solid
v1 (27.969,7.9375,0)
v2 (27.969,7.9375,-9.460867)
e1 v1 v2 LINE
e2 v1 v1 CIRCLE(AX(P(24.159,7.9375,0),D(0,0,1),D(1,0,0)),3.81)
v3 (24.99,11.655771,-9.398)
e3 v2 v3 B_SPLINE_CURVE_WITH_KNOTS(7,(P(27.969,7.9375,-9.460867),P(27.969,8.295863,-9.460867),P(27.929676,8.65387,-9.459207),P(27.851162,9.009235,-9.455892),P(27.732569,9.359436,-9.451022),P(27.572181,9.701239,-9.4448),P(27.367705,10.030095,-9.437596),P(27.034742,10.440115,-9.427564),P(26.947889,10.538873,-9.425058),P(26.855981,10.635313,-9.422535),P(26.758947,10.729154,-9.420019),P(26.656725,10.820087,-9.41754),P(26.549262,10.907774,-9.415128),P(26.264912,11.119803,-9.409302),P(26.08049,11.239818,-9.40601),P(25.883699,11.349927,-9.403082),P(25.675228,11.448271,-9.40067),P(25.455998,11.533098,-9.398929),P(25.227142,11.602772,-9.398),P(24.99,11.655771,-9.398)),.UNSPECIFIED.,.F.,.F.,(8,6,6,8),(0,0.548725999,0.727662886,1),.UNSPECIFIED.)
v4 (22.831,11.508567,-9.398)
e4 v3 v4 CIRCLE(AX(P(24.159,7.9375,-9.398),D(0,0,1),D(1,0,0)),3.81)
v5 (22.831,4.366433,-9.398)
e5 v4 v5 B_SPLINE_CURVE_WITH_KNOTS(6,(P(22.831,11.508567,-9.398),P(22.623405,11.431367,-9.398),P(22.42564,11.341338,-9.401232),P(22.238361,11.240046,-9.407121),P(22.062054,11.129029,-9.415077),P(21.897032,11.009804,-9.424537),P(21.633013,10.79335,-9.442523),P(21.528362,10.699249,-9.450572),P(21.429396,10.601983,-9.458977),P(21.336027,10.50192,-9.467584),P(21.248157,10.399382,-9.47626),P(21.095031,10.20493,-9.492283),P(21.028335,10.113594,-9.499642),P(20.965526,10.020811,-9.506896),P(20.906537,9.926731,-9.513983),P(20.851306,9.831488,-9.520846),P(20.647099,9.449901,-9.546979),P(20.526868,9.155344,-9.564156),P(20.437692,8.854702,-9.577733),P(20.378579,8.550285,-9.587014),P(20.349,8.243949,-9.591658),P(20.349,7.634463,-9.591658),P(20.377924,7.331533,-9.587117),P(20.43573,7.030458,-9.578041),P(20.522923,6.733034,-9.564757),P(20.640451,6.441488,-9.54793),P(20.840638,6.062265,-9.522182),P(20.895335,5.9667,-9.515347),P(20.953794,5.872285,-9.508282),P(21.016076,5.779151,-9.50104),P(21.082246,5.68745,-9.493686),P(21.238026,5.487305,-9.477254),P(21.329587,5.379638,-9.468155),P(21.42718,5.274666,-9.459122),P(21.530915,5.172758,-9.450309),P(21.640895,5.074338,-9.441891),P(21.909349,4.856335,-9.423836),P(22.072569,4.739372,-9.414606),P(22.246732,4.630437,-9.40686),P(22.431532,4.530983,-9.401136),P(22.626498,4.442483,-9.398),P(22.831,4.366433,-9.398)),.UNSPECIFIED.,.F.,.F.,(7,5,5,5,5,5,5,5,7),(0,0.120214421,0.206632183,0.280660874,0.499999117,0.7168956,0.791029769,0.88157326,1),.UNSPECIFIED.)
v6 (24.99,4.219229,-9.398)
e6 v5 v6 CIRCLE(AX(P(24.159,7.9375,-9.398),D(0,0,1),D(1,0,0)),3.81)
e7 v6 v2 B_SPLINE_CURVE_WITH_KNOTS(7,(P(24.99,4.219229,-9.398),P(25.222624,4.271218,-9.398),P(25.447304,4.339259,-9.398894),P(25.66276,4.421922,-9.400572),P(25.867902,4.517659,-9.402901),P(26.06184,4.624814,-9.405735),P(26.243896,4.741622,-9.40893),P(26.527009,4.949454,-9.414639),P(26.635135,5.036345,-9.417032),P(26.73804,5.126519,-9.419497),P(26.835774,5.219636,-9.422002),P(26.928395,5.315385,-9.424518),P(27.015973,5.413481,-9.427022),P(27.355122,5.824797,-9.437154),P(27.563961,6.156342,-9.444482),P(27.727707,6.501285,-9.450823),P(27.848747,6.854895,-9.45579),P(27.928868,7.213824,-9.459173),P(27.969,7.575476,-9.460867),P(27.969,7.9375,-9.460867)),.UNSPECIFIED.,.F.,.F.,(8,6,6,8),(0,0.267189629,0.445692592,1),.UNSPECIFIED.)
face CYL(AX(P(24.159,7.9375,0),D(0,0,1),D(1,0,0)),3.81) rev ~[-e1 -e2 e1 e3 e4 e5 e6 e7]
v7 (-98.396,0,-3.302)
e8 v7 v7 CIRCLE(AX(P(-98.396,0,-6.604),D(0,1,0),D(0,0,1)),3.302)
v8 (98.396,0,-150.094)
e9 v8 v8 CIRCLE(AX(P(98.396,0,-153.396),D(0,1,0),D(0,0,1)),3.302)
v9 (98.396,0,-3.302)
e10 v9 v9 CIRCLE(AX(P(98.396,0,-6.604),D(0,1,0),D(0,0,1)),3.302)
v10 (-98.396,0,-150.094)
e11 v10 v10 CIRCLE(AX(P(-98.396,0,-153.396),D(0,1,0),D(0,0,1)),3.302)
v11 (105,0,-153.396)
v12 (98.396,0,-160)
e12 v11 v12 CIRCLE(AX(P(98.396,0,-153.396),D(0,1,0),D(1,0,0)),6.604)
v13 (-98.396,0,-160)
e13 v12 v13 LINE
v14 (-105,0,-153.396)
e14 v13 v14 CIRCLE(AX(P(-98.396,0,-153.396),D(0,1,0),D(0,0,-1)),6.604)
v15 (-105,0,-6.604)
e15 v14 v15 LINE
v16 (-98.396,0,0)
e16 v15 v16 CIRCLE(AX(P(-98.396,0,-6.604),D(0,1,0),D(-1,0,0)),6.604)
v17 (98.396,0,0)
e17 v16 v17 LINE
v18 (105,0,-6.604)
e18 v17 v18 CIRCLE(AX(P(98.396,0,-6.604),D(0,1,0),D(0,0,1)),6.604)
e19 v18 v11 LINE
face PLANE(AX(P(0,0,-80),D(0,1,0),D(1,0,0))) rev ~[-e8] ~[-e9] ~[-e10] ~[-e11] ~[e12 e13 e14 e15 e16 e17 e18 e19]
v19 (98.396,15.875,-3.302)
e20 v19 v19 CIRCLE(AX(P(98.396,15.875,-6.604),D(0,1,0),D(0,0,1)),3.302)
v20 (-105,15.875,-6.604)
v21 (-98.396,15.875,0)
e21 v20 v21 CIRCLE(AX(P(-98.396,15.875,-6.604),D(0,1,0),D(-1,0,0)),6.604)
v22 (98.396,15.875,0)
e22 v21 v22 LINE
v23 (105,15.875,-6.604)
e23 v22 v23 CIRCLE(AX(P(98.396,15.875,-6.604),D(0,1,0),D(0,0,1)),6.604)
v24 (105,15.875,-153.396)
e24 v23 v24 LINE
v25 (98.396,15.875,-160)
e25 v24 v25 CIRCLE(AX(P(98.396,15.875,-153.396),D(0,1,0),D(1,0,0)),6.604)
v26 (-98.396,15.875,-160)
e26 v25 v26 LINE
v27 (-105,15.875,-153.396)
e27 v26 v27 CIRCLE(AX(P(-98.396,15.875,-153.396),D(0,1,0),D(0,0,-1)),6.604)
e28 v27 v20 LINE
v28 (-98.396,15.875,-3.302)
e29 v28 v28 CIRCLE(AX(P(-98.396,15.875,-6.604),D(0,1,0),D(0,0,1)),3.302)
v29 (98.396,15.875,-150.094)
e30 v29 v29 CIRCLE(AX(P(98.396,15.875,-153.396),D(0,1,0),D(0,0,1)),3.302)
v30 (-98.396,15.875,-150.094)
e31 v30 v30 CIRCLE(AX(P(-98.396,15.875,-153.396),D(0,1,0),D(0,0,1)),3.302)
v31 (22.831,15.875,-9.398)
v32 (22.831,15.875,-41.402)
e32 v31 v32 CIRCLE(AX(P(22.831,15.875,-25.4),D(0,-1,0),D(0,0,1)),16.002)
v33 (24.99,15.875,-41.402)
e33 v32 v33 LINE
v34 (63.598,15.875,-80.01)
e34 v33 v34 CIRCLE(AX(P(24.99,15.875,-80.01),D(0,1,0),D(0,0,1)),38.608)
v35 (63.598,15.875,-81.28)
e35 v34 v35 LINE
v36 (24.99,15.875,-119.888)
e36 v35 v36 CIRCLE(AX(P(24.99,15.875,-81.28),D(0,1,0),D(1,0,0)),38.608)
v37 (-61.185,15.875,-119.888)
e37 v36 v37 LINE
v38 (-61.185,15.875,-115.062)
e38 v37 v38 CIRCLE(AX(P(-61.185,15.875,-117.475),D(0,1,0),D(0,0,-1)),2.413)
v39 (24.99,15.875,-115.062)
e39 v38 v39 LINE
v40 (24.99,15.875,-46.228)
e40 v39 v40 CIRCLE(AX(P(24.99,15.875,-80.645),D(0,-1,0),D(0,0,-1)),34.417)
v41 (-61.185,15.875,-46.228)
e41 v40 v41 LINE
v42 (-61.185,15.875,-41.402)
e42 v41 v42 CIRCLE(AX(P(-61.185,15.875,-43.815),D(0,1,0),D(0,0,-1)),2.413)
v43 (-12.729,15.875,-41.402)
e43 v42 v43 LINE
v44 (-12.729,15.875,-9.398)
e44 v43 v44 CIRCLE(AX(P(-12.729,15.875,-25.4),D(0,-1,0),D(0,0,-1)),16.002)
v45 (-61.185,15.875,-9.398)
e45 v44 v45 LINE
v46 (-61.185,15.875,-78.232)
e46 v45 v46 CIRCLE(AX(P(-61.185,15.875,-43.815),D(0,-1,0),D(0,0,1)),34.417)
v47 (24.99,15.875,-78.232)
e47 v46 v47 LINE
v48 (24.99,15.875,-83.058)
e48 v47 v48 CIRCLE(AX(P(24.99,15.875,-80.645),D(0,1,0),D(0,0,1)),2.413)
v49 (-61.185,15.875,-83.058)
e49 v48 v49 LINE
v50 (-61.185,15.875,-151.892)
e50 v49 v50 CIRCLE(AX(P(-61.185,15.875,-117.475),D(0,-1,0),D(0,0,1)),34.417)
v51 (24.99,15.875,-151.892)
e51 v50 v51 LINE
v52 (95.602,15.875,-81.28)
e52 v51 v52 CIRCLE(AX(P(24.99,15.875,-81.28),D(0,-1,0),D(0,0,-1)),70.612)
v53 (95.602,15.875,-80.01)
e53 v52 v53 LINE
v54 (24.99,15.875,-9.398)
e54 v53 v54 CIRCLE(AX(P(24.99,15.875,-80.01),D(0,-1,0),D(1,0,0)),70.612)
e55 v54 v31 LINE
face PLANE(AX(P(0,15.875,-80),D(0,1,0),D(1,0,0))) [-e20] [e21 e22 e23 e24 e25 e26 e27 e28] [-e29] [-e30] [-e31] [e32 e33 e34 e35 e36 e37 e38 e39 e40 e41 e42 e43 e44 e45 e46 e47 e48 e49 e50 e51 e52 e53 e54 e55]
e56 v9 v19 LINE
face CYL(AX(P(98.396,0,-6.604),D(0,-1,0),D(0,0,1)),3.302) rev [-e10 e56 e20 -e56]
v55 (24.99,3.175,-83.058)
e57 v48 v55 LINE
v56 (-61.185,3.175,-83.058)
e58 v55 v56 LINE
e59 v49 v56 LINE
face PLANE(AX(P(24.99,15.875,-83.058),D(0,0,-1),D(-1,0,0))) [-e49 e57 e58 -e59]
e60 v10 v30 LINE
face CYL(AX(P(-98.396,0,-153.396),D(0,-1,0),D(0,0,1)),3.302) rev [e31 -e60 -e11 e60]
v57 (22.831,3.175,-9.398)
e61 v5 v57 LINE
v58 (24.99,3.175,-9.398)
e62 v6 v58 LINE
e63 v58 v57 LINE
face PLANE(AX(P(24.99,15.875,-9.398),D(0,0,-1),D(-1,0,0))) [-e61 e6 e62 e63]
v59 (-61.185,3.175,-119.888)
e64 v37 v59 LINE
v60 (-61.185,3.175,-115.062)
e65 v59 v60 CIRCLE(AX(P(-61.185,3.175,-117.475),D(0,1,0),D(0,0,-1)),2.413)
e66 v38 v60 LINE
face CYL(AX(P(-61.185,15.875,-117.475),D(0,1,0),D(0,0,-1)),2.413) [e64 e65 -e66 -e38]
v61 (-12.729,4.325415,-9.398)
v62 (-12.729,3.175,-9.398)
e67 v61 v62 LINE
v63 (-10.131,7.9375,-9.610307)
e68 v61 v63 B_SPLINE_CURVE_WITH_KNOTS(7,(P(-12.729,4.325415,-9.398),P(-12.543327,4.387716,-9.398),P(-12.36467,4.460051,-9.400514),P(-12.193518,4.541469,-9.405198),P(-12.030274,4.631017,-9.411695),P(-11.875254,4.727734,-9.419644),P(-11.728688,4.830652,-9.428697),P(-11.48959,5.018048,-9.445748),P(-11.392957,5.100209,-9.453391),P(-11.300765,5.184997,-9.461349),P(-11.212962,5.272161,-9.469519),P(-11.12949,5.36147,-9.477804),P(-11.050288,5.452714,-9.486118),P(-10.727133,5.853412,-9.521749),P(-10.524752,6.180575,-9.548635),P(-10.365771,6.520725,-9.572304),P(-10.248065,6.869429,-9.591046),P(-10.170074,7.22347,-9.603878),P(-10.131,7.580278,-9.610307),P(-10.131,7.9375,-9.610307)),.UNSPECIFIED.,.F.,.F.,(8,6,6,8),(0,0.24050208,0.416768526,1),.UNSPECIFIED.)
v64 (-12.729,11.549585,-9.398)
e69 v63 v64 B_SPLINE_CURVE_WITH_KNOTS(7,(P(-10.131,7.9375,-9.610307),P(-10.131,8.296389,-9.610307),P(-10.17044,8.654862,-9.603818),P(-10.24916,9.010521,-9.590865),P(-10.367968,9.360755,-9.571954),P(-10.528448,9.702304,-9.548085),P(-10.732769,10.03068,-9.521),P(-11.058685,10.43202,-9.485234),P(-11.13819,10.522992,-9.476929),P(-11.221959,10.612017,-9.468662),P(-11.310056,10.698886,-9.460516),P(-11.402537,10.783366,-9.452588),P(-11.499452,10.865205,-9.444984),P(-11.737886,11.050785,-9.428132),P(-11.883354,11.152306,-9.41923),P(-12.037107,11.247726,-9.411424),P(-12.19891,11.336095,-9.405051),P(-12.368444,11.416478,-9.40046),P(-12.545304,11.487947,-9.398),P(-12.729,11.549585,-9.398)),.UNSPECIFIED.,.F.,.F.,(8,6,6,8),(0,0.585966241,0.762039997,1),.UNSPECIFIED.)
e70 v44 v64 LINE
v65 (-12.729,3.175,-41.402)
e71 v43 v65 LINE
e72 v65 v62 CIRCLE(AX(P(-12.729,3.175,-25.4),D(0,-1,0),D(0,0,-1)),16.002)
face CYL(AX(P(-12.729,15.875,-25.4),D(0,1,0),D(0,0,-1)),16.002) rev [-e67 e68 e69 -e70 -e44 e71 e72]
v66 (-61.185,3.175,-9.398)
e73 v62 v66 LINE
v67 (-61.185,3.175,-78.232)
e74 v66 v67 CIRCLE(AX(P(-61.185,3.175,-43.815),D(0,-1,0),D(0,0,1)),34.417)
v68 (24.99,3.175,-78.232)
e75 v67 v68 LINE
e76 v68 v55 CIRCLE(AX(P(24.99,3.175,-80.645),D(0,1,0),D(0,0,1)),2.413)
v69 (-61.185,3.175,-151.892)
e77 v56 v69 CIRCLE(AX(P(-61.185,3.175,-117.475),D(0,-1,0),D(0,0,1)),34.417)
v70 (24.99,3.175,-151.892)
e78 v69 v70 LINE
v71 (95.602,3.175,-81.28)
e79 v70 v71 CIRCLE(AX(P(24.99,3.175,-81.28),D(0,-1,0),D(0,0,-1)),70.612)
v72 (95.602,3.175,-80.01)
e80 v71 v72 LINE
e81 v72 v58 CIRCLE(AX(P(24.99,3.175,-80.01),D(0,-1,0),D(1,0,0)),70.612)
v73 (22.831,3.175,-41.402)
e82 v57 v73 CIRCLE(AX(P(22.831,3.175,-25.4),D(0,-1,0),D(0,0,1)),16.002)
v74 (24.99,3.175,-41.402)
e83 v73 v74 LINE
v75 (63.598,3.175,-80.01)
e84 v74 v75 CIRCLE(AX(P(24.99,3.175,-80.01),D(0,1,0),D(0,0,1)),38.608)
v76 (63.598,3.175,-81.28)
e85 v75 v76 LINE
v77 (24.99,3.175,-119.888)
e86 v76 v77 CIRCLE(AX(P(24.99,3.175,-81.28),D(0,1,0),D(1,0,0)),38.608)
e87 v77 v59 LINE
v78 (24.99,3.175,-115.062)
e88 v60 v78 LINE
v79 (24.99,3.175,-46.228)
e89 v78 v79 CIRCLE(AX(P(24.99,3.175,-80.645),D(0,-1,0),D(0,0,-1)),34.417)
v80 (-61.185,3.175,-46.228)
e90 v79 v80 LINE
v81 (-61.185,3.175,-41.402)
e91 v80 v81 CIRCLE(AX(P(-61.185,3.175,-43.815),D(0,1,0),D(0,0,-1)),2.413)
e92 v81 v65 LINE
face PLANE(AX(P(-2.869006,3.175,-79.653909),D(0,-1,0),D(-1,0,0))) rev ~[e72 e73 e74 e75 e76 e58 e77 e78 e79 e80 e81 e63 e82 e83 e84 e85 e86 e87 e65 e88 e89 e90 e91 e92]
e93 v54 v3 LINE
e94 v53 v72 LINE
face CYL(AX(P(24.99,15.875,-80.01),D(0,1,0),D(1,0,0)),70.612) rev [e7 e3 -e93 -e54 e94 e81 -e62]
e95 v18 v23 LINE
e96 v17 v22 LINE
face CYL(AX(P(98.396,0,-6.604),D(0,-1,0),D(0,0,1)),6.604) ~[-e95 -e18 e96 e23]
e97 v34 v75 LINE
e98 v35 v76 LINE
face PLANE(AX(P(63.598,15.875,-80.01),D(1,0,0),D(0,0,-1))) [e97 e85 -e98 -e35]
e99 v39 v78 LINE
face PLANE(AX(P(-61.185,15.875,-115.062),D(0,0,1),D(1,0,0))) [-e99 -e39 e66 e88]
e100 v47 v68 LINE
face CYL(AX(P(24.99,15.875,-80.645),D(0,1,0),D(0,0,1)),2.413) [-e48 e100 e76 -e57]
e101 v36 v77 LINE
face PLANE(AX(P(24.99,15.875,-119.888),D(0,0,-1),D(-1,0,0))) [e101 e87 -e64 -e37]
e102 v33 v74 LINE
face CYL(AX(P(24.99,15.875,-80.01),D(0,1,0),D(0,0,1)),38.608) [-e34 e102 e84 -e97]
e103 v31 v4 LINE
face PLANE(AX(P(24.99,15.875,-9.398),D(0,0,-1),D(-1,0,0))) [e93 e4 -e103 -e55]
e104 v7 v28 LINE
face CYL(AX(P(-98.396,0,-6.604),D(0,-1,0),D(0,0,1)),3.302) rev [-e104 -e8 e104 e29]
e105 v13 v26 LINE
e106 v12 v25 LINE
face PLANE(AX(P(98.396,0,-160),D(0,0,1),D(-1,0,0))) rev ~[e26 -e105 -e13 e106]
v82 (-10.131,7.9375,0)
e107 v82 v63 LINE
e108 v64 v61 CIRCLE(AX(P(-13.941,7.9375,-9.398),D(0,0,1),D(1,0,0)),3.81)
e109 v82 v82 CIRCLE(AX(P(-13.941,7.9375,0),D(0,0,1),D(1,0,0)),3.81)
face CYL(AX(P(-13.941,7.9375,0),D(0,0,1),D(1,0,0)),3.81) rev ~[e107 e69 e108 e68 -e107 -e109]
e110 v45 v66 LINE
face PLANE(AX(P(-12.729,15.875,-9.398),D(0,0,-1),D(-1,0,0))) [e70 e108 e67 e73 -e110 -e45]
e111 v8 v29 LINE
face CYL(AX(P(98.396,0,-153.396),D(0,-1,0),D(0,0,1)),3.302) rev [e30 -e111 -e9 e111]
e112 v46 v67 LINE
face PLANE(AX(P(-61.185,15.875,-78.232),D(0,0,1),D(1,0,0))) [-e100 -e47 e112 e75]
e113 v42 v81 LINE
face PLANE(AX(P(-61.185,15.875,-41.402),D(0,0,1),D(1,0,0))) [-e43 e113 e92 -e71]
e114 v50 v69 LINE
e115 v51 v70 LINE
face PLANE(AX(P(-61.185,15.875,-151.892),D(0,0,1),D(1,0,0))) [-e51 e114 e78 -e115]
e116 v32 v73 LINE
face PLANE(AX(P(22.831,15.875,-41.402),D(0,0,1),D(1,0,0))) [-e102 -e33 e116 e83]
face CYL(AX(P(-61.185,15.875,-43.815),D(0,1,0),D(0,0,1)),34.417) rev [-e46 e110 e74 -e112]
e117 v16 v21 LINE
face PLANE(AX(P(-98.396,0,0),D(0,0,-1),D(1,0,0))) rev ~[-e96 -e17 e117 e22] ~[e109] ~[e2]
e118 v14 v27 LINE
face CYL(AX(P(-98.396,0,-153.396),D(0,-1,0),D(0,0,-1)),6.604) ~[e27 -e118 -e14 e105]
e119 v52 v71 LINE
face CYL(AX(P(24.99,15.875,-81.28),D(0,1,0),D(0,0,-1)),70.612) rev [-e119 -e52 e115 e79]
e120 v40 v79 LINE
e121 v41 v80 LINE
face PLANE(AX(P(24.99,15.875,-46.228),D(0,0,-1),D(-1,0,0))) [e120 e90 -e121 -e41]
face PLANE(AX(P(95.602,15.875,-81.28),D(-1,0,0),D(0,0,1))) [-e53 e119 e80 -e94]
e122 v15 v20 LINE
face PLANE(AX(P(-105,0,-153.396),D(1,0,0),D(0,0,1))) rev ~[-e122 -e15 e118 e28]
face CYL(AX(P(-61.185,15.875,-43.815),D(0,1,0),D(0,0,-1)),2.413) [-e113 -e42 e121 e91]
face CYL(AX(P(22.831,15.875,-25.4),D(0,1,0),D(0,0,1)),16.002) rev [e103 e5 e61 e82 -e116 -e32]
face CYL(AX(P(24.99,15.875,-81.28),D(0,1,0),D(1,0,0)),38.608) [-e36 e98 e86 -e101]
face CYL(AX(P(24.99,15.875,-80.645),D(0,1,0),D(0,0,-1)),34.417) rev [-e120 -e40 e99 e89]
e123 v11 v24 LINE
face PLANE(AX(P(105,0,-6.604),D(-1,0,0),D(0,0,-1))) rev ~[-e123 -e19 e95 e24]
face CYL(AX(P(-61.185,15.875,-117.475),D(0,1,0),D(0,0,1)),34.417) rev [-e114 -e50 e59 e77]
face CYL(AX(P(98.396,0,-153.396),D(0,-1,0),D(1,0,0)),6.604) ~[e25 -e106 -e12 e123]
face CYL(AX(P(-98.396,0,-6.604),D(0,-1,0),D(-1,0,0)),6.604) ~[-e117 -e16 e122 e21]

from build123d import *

# Parameters (mm, degrees)
SKETCH1_R           = 3.302
BOSS_EXTRUDE1_DEPTH = 15.875
CUT_EXTRUDE1_DEPTH  = 12.7
SKETCH4_R           = 3.81
CUT_EXTRUDE2_DEPTH  = 13.97


with BuildPart() as part:
    # Sketch1 → Boss-Extrude1 (new body)
    with BuildSketch(Plane(origin=(0, 0, 0), x_dir=(1, 0, 0), z_dir=(0, 1, 0))):
        with BuildLine():
            Line((-98.396, 0), (98.396, 0))
            ThreePointArc((98.396, 0), (103.065733183, 1.934266817), (105, 6.604))
            Line((105, 6.604), (105, 153.396))
            ThreePointArc((105, 153.396), (103.065733183, 158.065733183), (98.396, 160))
            Line((98.396, 160), (-98.396, 160))
            ThreePointArc((-98.396, 160), (-103.065733183, 158.065733183), (-105, 153.396))
            Line((-105, 153.396), (-105, 6.604))
            ThreePointArc((-105, 6.604), (-103.065733183, 1.934266817), (-98.396, 0))
        make_face()
        with Locations(Location((-98.396, 6.604, 0), (0, 0, 270))):  # turned: the seam where the file's is
            Circle(SKETCH1_R, mode=Mode.SUBTRACT)
        with Locations(Location((98.396, 6.604, 0), (0, 0, 270))):  # turned: the seam where the file's is
            Circle(SKETCH1_R, mode=Mode.SUBTRACT)
        with Locations(Location((98.396, 153.396, 0), (0, 0, 270))):  # turned: the seam where the file's is
            Circle(SKETCH1_R, mode=Mode.SUBTRACT)
        with Locations(Location((-98.396, 153.396, 0), (0, 0, 270))):  # turned: the seam where the file's is
            Circle(SKETCH1_R, mode=Mode.SUBTRACT)
    extrude(amount=BOSS_EXTRUDE1_DEPTH)

    # Sketch3 → Cut-Extrude1 (cut)
    with BuildSketch(Plane(origin=(0, 15.875, 0), x_dir=(1, 0, 0), z_dir=(0, 1, 0))):
        with BuildLine():
            Line((63.598, 80.01), (63.598, 81.28))
            ThreePointArc((63.598, 81.28), (52.289978608, 108.579978608), (24.99, 119.888))
            Line((24.99, 119.888), (-61.185, 119.888))
            ThreePointArc((-61.185, 119.888), (-63.598, 117.475), (-61.185, 115.062))
            Line((-61.185, 115.062), (24.99, 115.062))
            ThreePointArc((24.99, 115.062), (59.407, 80.645), (24.99, 46.228))
            Line((24.99, 46.228), (-61.185, 46.228))
            ThreePointArc((-61.185, 46.228), (-63.598, 43.815), (-61.185, 41.402))
            Line((-61.185, 41.402), (-12.729, 41.402))
            ThreePointArc((-12.729, 41.402), (3.273, 25.4), (-12.729, 9.398))
            Line((-12.729, 9.398), (-61.185, 9.398))
            ThreePointArc((-61.185, 9.398), (-95.602, 43.815), (-61.185, 78.232))
            Line((-61.185, 78.232), (24.99, 78.232))
            ThreePointArc((24.99, 78.232), (27.403, 80.645), (24.99, 83.058))
            Line((24.99, 83.058), (-61.185, 83.058))
            ThreePointArc((-61.185, 83.058), (-95.602, 117.475), (-61.185, 151.892))
            Line((-61.185, 151.892), (24.99, 151.892))
            ThreePointArc((24.99, 151.892), (74.920224033, 131.210224033), (95.602, 81.28))
            Line((95.602, 81.28), (95.602, 80.01))
            ThreePointArc((95.602, 80.01), (74.920224033, 30.079775967), (24.99, 9.398))
            Line((24.99, 9.398), (22.831, 9.398))
            ThreePointArc((22.831, 9.398), (6.829, 25.4), (22.831, 41.402))
            Line((22.831, 41.402), (24.99, 41.402))
            ThreePointArc((24.99, 41.402), (52.289978608, 52.710021392), (63.598, 80.01))
        make_face()
    extrude(amount=-CUT_EXTRUDE1_DEPTH, mode=Mode.SUBTRACT)

    # Sketch4 → Cut-Extrude2 (cut)
    with BuildSketch(Plane.XY):
        with Locations((-13.941, 7.9375)):
            Circle(SKETCH4_R)
        with Locations((24.159, 7.9375)):
            Circle(SKETCH4_R)
    extrude(amount=-CUT_EXTRUDE2_DEPTH, mode=Mode.SUBTRACT)


solid = part.part
